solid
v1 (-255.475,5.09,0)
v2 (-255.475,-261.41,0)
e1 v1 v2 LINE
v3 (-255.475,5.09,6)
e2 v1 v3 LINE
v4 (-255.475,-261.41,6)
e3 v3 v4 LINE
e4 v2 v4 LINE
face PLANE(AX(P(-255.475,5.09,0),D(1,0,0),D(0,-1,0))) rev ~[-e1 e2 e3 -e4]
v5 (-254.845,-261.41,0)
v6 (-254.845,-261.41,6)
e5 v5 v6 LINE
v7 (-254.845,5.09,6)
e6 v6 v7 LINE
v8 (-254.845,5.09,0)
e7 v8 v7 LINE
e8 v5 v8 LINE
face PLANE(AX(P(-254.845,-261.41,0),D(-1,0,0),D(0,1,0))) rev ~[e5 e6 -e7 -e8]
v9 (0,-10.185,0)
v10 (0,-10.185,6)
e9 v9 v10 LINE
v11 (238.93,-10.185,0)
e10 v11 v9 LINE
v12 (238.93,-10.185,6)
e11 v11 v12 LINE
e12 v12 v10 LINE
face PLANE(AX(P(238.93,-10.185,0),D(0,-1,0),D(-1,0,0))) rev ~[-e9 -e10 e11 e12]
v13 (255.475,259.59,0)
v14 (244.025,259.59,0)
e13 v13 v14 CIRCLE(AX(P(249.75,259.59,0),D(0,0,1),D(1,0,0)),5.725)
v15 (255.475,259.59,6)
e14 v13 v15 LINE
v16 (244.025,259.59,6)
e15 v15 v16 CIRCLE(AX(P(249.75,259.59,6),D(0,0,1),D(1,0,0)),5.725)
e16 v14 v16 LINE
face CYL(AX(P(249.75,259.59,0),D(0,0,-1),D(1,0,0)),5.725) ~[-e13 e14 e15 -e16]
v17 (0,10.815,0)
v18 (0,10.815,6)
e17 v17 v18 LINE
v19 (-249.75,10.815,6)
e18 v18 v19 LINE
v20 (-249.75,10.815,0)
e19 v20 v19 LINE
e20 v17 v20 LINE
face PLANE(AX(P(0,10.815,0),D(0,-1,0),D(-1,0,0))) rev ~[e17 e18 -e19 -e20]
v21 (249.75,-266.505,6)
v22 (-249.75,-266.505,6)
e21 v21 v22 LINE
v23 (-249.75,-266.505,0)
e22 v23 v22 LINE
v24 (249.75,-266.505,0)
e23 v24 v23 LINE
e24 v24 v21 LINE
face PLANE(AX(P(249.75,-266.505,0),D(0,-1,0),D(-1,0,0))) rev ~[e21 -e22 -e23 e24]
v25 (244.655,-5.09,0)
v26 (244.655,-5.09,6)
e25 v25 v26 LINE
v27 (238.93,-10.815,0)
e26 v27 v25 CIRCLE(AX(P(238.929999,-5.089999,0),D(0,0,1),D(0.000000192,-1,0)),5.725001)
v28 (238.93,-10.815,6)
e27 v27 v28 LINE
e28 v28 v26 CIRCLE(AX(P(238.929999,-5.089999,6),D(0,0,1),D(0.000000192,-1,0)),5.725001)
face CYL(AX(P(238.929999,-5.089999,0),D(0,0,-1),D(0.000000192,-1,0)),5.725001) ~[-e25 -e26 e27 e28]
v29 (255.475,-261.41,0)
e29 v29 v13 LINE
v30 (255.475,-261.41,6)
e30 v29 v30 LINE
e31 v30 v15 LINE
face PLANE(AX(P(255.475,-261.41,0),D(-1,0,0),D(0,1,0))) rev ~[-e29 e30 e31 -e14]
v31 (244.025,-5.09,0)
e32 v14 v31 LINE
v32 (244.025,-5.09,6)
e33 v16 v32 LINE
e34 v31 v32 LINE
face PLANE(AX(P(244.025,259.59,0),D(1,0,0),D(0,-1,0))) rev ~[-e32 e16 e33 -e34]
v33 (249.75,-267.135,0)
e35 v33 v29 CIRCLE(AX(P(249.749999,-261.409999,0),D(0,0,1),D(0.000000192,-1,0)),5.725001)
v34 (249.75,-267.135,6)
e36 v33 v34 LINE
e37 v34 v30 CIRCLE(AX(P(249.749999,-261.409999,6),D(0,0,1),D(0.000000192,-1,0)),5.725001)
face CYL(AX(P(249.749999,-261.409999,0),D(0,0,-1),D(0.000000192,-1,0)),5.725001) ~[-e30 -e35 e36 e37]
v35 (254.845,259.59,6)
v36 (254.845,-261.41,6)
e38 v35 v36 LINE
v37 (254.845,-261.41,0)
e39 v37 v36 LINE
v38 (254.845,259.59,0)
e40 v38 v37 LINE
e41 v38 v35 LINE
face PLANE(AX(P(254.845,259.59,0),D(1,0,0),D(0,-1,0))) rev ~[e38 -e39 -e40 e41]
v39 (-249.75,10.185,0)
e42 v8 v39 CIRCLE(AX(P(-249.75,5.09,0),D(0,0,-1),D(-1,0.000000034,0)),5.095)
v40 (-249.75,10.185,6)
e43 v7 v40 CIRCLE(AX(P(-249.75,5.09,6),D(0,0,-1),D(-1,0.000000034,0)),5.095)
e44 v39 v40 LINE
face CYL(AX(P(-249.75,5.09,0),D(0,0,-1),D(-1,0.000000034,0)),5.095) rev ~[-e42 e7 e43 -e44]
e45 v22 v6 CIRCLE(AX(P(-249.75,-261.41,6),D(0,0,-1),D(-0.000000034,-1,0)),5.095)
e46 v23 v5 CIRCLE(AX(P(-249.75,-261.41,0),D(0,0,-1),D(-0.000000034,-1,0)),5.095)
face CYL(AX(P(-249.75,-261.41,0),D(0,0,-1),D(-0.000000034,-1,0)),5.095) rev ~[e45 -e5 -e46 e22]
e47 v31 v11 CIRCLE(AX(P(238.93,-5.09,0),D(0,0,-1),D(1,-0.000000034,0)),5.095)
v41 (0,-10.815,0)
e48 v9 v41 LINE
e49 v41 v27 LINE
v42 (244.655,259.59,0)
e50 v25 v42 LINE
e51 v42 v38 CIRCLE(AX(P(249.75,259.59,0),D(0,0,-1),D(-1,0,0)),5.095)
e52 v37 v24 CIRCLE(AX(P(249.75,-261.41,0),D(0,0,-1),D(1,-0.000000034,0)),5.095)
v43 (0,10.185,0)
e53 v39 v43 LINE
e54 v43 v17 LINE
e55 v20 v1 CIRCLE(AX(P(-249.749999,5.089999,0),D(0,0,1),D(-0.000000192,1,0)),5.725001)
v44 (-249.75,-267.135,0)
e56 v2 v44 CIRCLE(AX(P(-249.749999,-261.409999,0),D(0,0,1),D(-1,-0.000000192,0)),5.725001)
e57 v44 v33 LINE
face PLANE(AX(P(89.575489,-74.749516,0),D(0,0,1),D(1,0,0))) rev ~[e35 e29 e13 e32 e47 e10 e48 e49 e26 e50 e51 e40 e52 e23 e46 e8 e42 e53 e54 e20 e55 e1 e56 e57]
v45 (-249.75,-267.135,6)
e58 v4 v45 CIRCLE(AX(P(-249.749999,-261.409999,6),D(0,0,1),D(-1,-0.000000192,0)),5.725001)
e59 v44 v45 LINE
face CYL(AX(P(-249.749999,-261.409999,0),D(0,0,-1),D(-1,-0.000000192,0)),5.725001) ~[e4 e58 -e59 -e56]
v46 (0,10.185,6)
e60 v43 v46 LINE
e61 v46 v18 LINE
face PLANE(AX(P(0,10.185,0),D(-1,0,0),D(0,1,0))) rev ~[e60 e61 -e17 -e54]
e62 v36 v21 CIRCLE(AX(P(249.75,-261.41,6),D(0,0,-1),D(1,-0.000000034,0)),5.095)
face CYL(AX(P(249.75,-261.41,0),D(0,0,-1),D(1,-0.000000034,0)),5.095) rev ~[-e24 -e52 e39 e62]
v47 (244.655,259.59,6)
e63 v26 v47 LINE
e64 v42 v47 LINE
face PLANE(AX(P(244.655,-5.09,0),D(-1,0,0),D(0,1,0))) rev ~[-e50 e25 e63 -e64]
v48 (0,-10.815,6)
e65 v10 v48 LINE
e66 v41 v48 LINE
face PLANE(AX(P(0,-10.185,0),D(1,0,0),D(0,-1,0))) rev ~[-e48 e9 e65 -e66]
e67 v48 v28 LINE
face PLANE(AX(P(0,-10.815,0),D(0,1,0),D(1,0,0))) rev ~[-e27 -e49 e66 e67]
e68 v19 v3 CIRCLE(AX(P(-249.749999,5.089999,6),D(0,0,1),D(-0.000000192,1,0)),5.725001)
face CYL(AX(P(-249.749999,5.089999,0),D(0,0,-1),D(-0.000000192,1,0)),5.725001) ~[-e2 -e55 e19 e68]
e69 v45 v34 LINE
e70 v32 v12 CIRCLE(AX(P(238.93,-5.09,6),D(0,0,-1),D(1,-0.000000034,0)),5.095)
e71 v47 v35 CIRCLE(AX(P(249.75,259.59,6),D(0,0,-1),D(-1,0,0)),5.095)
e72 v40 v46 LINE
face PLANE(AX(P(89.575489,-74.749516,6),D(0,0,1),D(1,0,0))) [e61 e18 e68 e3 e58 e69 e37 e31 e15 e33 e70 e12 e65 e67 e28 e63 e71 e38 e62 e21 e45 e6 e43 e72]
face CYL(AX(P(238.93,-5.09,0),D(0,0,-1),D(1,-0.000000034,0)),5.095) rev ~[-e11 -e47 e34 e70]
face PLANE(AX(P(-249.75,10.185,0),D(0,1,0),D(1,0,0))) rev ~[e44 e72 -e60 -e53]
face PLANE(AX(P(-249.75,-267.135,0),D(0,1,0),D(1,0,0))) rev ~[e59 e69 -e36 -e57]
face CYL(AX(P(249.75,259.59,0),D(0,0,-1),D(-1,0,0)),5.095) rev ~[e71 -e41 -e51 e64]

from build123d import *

# Parameters (mm, degrees)
F1_DEPTH = 6


with BuildPart() as f1:
    # F0 (on Top) → F1 (new body)
    with BuildSketch(Plane.XY):
        with BuildLine():
            ThreePointArc((244.655, 259.59), (249.75, 264.685), (254.845, 259.59))
            Line((254.845, 259.59), (254.845, -261.41))
            ThreePointArc((254.845, -261.41), (253.352709, -265.012709), (249.75, -266.505))
            Line((249.75, -266.505), (-249.75, -266.505))
            ThreePointArc((-249.75, -266.505), (-253.352709, -265.012709), (-254.845, -261.41))
            Line((-254.845, -261.41), (-254.845, 5.09))
            Line((-254.845, 5.09), (-255.475, 5.09))
            Line((-255.475, 5.09), (-255.475, -261.41))
            ThreePointArc((-255.475, -261.41), (-253.798186, -265.458186), (-249.75, -267.135))
            Line((-249.75, -267.135), (249.75, -267.135))
            ThreePointArc((249.75, -267.135), (253.798186, -265.458186), (255.475, -261.41))
            Line((255.475, -261.41), (255.475, 259.59))
            ThreePointArc((255.475, 259.59), (249.75, 265.315), (244.025, 259.59))
            Line((244.025, 259.59), (244.025, -5.09))
            ThreePointArc((244.025, -5.09), (242.532709, -8.692709), (238.93, -10.185))
            Line((238.93, -10.185), (0, -10.185))
            Line((0, -10.185), (0, -10.815))
            Line((0, -10.815), (238.93, -10.815))
            ThreePointArc((238.93, -10.815), (242.978186, -9.138186), (244.655, -5.09))
            Line((244.655, -5.09), (244.655, 259.59))
        make_face()
        with BuildLine():
            Line((-255.475, 5.09), (-254.845, 5.09))
            ThreePointArc((-254.845, 5.09), (-253.352709, 8.692709), (-249.75, 10.185))
            Line((-249.75, 10.185), (0, 10.185))
            Line((0, 10.185), (0, 10.815))
            Line((0, 10.815), (-249.75, 10.815))
            ThreePointArc((-249.75, 10.815), (-253.798186, 9.138186), (-255.475, 5.09))
        make_face()
    extrude(amount=F1_DEPTH)


solid = f1.part
